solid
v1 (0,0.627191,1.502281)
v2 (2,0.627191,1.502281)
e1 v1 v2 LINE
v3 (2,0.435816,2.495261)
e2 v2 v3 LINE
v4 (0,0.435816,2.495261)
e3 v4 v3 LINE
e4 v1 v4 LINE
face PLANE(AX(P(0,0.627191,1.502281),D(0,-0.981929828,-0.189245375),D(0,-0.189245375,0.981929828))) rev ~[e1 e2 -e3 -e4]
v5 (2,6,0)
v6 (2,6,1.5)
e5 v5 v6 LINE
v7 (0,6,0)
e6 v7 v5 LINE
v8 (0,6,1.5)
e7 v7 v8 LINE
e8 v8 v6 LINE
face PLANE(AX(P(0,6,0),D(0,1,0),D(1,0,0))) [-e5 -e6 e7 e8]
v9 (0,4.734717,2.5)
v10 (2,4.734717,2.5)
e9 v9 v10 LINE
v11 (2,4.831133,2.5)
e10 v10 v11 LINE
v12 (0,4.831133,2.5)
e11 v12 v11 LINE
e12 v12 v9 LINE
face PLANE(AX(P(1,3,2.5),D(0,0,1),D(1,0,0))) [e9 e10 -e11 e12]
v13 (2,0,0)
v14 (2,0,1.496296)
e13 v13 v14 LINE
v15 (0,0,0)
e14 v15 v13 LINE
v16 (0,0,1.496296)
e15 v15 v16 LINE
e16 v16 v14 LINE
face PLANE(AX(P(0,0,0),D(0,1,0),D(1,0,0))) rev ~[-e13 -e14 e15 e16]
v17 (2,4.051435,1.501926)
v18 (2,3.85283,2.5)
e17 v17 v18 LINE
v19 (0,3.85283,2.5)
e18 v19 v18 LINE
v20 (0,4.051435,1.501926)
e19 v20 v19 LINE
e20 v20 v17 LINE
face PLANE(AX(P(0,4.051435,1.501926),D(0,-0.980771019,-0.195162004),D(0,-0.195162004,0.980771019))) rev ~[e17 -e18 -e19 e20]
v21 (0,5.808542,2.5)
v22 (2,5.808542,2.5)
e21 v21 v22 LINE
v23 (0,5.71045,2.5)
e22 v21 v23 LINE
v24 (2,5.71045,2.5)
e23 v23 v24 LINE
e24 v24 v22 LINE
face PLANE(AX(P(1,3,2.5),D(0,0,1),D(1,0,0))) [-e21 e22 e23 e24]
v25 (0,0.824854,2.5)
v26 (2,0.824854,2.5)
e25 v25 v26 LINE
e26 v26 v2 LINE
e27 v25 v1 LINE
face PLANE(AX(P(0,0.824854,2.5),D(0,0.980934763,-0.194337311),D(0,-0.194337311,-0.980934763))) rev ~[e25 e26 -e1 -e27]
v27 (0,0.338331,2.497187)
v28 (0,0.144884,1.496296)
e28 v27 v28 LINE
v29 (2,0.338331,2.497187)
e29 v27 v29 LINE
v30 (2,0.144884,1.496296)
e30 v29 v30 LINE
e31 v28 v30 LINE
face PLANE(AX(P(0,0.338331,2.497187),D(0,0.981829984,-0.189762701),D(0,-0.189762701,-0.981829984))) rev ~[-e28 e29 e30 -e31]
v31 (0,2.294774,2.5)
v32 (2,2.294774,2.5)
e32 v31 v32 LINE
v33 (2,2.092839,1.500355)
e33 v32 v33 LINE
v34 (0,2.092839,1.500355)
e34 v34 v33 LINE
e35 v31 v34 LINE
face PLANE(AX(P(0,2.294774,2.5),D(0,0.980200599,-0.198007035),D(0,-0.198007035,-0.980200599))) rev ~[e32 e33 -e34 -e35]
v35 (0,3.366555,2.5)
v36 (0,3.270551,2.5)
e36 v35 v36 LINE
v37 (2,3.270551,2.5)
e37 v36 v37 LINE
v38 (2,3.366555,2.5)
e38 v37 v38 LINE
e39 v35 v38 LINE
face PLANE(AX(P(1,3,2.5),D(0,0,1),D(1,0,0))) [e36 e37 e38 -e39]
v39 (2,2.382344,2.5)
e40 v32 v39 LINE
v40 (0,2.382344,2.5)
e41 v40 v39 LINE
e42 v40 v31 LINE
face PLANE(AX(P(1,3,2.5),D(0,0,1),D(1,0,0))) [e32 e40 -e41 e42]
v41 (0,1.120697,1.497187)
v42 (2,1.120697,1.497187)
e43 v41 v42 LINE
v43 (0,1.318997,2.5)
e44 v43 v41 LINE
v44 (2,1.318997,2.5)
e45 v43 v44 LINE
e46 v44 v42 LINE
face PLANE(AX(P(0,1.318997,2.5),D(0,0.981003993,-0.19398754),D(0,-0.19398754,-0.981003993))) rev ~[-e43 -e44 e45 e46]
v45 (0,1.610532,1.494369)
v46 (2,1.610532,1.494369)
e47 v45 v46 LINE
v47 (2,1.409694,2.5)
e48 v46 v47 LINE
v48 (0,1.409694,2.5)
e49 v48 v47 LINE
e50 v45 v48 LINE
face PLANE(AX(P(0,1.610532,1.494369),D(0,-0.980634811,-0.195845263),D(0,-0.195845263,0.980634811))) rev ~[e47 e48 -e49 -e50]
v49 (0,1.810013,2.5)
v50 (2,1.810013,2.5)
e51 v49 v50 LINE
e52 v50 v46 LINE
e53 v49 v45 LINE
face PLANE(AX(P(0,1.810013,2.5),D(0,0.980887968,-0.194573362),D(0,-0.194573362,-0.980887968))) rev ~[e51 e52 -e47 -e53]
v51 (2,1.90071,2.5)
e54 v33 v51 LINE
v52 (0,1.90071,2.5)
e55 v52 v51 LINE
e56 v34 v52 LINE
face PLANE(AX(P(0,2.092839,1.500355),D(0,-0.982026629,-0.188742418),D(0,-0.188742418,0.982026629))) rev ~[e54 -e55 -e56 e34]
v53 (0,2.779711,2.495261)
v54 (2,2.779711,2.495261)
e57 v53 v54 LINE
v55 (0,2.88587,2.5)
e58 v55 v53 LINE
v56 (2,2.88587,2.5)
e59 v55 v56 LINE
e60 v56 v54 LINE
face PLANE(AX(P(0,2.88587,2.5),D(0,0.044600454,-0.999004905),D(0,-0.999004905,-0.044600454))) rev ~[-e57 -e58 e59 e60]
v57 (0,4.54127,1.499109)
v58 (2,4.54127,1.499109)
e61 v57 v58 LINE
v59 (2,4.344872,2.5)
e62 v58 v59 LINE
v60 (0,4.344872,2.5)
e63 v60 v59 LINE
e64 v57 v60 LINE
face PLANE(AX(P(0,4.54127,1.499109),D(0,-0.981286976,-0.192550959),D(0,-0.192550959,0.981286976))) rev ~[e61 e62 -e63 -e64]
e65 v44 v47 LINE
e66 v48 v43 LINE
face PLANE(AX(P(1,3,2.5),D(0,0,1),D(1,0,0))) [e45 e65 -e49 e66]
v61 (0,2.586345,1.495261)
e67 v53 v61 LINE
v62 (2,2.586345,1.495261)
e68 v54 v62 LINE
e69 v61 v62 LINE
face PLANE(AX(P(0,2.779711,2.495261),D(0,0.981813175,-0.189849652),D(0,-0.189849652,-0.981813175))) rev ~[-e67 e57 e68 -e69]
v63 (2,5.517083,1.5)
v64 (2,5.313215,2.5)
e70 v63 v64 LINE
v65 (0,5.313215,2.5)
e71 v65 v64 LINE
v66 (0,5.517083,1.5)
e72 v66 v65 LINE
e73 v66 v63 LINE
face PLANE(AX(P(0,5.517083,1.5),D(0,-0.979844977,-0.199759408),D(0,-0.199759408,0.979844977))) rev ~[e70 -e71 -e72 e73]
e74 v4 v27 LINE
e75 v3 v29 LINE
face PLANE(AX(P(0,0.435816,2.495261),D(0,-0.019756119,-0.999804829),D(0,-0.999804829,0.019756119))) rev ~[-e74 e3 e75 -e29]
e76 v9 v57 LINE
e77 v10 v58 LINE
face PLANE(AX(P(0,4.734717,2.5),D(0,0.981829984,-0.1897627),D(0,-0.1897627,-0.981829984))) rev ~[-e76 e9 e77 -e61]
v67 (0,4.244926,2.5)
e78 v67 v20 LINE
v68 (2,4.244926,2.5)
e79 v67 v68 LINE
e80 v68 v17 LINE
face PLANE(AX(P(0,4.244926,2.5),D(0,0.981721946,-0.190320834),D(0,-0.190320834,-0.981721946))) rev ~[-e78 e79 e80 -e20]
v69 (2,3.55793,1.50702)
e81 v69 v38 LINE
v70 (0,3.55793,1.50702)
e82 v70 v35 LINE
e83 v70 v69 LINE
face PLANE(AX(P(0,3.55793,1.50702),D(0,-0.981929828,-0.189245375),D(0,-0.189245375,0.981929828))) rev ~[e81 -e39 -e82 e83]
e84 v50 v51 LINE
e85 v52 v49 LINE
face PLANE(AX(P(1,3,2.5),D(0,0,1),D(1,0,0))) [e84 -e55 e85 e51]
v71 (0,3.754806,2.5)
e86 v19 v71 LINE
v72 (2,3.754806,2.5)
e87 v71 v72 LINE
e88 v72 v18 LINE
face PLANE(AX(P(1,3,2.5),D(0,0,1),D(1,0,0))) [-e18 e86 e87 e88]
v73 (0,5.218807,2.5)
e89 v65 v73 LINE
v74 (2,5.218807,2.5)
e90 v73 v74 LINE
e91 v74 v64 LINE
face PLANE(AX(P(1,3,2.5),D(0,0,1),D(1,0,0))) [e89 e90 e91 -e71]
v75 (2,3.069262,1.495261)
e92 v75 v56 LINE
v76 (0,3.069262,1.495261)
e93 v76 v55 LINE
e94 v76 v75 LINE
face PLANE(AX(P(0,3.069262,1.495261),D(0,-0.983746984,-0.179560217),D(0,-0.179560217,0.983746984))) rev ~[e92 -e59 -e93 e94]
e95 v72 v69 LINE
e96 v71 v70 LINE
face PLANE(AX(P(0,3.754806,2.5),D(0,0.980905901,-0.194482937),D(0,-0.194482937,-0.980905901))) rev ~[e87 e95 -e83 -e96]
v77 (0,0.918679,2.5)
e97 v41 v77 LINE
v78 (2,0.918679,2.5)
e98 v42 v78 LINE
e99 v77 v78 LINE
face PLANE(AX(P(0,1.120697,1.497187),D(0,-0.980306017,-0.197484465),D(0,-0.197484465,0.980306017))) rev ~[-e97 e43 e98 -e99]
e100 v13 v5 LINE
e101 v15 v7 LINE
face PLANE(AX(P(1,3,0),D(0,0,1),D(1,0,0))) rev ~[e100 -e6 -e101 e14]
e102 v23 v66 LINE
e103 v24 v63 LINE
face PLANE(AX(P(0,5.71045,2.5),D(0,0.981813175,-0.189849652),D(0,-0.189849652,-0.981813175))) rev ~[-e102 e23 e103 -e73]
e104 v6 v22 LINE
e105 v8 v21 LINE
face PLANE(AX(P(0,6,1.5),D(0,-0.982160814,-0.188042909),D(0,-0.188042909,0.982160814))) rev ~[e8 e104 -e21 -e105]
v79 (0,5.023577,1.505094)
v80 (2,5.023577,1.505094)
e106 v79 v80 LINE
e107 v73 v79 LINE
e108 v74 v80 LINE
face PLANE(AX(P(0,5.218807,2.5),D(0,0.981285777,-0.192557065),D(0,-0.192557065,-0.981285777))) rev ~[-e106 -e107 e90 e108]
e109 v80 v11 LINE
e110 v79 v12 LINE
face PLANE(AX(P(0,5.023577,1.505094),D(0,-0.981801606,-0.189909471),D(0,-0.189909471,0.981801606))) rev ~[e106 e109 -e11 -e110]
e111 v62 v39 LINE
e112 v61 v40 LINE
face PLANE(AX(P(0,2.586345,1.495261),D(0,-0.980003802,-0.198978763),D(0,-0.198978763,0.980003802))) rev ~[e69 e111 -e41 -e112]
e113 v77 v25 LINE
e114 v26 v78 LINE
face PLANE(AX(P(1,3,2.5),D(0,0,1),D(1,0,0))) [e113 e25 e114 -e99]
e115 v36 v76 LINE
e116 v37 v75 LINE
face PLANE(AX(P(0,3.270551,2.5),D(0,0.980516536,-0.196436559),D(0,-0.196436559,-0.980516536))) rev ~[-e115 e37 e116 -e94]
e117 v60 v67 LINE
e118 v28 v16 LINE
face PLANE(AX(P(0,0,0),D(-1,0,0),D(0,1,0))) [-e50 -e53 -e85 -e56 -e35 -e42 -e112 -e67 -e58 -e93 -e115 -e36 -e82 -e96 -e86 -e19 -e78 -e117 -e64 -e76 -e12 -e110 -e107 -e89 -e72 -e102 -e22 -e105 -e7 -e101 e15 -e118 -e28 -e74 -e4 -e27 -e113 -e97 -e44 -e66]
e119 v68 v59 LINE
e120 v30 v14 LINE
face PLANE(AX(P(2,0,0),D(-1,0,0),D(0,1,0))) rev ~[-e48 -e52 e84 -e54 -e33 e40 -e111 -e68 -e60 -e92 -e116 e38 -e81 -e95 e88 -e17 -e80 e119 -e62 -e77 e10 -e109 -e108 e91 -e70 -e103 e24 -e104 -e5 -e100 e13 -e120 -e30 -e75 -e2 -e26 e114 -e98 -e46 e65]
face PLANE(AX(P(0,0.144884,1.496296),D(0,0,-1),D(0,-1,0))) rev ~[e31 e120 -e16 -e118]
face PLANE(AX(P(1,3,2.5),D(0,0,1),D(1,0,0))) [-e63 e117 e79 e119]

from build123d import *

# Parameters (mm, degrees)
CROQUIS1_W              = 2
CROQUIS1_H              = 6
SALIENTE_EXTRUIR1_DEPTH = 2.5
CORTAR_EXTRUIR1_DEPTH   = 7.800735254


with BuildPart() as part:
    # Croquis1 → Saliente-Extruir1 (new body)
    with BuildSketch(Plane.XY):
        with Locations((1, 3)):
            Rectangle(CROQUIS1_W, CROQUIS1_H)
    extrude(amount=SALIENTE_EXTRUIR1_DEPTH)

    # Croquis2 → Cortar-Extruir1 (cut, through all)
    with BuildSketch(Plane(origin=(0, 0, 0), x_dir=(0, 0, -1), z_dir=(1, 0, 0))):
        Polygon((-1.5, 6), (-2.5, 5.80854163), (-2.5, 5.710449631), (-1.5, 5.517083259), (-2.5, 5.313214879), (-2.5, 5.218807214), (-1.505093933, 5.023577449), (-2.5, 4.831133188), (-2.5, 4.734716849), (-1.499108678, 4.541270078), (-2.5, 4.344872298), (-2.5, 4.244926288), (-1.501926313, 4.051435435), (-2.5, 3.852830402), (-2.5, 3.75480643), (-1.507020246, 3.557929626), (-2.5, 3.366554621), (-2.5, 3.270551035), (-1.495260568, 3.069261664), (-2.5, 2.885869762), (-2.495260568, 2.779711295), (-1.495260568, 2.586344923), (-2.5, 2.382343868), (-2.5, 2.294774147), (-1.500354501, 2.092839113), (-2.5, 1.900710404), (-2.5, 1.810013194), (-1.494369246, 1.610531741), (-2.5, 1.40969447), (-2.5, 1.31899726), (-1.497186881, 1.120697099), (-2.5, 0.918678537), (-2.5, 0.824853836), (-1.502280814, 0.627191289), (-2.495260568, 0.435816284), (-2.497186881, 0.338330689), (-1.496295559, 0.144883917), (-1.496295559, 0), (-2.562577576, 0), (-2.562577576, 6), align=None)
    extrude(amount=CORTAR_EXTRUIR1_DEPTH, mode=Mode.SUBTRACT)


solid = part.part
